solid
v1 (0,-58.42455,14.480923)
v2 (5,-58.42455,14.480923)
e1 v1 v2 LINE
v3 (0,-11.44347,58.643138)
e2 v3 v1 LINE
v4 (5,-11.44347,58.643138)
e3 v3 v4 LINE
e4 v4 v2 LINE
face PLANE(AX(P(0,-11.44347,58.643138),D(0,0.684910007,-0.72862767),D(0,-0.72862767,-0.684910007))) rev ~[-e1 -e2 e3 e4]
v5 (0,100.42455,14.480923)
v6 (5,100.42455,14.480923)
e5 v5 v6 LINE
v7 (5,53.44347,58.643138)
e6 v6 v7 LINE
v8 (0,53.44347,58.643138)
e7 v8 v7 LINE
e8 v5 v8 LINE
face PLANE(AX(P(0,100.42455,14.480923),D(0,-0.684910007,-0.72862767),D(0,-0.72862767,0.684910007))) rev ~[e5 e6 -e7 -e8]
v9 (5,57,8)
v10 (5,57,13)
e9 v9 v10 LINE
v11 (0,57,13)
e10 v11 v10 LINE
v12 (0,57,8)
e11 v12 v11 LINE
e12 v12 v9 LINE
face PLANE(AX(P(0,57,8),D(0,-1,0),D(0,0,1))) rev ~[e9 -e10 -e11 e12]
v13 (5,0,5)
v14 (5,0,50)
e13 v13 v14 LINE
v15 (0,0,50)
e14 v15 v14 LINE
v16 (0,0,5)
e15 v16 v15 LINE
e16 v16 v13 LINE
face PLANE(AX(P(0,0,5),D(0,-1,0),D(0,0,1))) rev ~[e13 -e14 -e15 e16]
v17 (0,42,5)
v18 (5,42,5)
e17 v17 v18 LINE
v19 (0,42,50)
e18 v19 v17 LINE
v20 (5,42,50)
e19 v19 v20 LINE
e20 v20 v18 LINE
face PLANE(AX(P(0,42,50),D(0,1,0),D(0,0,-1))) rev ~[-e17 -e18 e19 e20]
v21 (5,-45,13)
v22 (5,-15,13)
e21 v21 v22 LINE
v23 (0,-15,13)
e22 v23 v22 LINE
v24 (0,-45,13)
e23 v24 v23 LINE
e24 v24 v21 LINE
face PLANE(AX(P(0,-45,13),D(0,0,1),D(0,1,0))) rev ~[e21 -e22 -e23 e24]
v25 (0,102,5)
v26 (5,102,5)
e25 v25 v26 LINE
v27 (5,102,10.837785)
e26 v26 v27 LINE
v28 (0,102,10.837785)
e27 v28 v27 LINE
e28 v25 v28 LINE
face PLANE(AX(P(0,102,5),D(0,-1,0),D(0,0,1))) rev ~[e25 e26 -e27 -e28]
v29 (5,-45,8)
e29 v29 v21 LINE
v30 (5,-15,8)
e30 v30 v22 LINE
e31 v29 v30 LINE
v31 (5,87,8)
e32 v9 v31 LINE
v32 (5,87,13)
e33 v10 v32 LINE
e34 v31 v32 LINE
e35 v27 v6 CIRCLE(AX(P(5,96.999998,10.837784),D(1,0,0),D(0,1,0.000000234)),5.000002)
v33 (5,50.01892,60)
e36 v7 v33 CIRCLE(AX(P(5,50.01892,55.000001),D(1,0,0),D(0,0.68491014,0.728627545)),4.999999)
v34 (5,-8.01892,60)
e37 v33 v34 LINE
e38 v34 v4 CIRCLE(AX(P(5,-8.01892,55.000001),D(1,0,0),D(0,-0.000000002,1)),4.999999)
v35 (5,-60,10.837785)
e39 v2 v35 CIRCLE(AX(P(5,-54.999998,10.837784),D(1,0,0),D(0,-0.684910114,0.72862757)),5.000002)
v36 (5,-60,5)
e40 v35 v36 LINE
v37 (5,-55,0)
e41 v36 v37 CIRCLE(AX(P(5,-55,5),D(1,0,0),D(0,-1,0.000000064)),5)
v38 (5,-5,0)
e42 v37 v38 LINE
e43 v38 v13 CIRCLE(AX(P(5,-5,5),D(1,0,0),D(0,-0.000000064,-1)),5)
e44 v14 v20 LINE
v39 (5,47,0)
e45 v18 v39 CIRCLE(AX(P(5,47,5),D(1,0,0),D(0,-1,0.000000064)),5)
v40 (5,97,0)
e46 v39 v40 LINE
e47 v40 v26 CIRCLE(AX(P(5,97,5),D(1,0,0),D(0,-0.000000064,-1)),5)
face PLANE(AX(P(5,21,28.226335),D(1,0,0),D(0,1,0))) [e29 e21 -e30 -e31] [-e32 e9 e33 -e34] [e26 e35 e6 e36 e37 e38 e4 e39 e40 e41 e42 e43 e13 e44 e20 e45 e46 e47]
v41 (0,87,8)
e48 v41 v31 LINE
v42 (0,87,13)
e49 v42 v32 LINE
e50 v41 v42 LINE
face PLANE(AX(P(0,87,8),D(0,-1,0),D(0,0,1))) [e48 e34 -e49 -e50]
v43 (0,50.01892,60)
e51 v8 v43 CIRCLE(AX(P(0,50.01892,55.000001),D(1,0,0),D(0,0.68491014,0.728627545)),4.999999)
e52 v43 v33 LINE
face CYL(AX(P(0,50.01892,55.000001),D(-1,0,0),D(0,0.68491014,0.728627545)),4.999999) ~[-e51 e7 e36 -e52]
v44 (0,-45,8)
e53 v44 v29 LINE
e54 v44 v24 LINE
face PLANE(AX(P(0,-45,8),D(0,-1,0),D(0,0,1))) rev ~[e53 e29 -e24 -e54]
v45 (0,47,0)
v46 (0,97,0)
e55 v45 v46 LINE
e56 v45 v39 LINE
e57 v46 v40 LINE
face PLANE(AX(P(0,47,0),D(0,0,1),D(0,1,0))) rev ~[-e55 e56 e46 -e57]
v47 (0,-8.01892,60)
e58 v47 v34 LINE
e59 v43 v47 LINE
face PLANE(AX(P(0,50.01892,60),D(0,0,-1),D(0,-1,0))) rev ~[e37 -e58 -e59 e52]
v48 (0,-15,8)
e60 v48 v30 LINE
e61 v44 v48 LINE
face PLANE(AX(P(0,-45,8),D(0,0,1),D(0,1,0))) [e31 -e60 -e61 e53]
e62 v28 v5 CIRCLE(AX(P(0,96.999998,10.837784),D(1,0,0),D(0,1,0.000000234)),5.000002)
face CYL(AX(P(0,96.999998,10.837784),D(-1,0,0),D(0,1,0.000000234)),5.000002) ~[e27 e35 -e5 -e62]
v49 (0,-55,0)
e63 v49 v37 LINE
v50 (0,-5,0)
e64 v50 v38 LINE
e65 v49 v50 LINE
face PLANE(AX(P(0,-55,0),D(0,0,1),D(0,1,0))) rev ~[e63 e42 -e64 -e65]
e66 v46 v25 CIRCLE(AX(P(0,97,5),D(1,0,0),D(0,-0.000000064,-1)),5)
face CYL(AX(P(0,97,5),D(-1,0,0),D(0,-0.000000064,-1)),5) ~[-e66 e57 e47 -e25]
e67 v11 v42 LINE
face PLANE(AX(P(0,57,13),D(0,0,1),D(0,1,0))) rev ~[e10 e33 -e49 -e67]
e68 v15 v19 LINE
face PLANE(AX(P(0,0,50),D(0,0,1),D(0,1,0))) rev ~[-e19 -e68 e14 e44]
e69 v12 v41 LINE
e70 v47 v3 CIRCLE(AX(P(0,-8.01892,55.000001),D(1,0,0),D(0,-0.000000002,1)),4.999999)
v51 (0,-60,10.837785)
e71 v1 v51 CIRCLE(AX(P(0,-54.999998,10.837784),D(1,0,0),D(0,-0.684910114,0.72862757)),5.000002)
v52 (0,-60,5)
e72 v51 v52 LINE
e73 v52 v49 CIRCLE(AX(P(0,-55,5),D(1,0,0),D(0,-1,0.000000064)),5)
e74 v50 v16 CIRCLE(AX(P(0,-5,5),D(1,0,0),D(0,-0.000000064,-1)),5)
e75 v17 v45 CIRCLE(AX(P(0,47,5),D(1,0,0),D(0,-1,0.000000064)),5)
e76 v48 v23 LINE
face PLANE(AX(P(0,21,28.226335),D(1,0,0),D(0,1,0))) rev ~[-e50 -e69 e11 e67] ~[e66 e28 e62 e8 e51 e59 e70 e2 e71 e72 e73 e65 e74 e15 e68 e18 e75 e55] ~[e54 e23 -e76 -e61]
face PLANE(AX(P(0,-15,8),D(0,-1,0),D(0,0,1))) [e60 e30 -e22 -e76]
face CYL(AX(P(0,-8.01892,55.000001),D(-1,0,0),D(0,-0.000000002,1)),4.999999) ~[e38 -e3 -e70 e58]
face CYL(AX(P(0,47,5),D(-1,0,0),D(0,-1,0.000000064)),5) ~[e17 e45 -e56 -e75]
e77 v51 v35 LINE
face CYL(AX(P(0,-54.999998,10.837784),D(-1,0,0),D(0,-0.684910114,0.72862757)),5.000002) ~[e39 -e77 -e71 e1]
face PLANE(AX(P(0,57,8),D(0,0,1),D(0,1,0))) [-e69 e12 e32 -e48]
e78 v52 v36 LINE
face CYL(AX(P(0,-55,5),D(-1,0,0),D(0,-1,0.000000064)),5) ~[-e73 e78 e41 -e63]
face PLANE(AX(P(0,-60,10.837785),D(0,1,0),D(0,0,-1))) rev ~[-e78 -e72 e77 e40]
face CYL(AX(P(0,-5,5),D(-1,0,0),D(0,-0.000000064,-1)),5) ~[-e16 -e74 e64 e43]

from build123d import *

# Parameters (mm, degrees)
F0_W     = 30
F0_H     = 5
F1_DEPTH = 5


with BuildPart() as f1:
    # F0 (on Right) → F1 (new body)
    with BuildSketch(Plane.YZ):
        with BuildLine():
            ThreePointArc((-5, 0), (-1.464466, 1.464466), (0, 5))
            Line((0, 5), (0, 50))
            Line((0, 50), (42, 50))
            Line((42, 50), (42, 5))
            ThreePointArc((42, 5), (43.464466, 1.464466), (47, 0))
            Line((47, 0), (97, 0))
            ThreePointArc((97, 0), (100.535534, 1.464466), (102, 5))
            Line((102, 5), (102, 10.837785))
            ThreePointArc((102, 10.837785), (101.589267, 12.822382), (100.42455, 14.480923))
            Line((100.42455, 14.480923), (53.44347, 58.643138))
            ThreePointArc((53.44347, 58.643138), (51.8607, 59.648424), (50.01892, 60))
            Line((50.01892, 60), (-8.01892, 60))
            ThreePointArc((-8.01892, 60), (-9.8607, 59.648424), (-11.44347, 58.643138))
            Line((-11.44347, 58.643138), (-58.42455, 14.480923))
            ThreePointArc((-58.42455, 14.480923), (-59.589267, 12.822382), (-60, 10.837785))
            Line((-60, 10.837785), (-60, 5))
            ThreePointArc((-60, 5), (-58.535534, 1.464466), (-55, 0))
            Line((-55, 0), (-5, 0))
        make_face()
        with Locations((-30, 10.5)):
            Rectangle(F0_W, F0_H, mode=Mode.SUBTRACT)
        with Locations((72, 10.5)):
            Rectangle(F0_W, F0_H, mode=Mode.SUBTRACT)
    extrude(amount=F1_DEPTH)


solid = f1.part
